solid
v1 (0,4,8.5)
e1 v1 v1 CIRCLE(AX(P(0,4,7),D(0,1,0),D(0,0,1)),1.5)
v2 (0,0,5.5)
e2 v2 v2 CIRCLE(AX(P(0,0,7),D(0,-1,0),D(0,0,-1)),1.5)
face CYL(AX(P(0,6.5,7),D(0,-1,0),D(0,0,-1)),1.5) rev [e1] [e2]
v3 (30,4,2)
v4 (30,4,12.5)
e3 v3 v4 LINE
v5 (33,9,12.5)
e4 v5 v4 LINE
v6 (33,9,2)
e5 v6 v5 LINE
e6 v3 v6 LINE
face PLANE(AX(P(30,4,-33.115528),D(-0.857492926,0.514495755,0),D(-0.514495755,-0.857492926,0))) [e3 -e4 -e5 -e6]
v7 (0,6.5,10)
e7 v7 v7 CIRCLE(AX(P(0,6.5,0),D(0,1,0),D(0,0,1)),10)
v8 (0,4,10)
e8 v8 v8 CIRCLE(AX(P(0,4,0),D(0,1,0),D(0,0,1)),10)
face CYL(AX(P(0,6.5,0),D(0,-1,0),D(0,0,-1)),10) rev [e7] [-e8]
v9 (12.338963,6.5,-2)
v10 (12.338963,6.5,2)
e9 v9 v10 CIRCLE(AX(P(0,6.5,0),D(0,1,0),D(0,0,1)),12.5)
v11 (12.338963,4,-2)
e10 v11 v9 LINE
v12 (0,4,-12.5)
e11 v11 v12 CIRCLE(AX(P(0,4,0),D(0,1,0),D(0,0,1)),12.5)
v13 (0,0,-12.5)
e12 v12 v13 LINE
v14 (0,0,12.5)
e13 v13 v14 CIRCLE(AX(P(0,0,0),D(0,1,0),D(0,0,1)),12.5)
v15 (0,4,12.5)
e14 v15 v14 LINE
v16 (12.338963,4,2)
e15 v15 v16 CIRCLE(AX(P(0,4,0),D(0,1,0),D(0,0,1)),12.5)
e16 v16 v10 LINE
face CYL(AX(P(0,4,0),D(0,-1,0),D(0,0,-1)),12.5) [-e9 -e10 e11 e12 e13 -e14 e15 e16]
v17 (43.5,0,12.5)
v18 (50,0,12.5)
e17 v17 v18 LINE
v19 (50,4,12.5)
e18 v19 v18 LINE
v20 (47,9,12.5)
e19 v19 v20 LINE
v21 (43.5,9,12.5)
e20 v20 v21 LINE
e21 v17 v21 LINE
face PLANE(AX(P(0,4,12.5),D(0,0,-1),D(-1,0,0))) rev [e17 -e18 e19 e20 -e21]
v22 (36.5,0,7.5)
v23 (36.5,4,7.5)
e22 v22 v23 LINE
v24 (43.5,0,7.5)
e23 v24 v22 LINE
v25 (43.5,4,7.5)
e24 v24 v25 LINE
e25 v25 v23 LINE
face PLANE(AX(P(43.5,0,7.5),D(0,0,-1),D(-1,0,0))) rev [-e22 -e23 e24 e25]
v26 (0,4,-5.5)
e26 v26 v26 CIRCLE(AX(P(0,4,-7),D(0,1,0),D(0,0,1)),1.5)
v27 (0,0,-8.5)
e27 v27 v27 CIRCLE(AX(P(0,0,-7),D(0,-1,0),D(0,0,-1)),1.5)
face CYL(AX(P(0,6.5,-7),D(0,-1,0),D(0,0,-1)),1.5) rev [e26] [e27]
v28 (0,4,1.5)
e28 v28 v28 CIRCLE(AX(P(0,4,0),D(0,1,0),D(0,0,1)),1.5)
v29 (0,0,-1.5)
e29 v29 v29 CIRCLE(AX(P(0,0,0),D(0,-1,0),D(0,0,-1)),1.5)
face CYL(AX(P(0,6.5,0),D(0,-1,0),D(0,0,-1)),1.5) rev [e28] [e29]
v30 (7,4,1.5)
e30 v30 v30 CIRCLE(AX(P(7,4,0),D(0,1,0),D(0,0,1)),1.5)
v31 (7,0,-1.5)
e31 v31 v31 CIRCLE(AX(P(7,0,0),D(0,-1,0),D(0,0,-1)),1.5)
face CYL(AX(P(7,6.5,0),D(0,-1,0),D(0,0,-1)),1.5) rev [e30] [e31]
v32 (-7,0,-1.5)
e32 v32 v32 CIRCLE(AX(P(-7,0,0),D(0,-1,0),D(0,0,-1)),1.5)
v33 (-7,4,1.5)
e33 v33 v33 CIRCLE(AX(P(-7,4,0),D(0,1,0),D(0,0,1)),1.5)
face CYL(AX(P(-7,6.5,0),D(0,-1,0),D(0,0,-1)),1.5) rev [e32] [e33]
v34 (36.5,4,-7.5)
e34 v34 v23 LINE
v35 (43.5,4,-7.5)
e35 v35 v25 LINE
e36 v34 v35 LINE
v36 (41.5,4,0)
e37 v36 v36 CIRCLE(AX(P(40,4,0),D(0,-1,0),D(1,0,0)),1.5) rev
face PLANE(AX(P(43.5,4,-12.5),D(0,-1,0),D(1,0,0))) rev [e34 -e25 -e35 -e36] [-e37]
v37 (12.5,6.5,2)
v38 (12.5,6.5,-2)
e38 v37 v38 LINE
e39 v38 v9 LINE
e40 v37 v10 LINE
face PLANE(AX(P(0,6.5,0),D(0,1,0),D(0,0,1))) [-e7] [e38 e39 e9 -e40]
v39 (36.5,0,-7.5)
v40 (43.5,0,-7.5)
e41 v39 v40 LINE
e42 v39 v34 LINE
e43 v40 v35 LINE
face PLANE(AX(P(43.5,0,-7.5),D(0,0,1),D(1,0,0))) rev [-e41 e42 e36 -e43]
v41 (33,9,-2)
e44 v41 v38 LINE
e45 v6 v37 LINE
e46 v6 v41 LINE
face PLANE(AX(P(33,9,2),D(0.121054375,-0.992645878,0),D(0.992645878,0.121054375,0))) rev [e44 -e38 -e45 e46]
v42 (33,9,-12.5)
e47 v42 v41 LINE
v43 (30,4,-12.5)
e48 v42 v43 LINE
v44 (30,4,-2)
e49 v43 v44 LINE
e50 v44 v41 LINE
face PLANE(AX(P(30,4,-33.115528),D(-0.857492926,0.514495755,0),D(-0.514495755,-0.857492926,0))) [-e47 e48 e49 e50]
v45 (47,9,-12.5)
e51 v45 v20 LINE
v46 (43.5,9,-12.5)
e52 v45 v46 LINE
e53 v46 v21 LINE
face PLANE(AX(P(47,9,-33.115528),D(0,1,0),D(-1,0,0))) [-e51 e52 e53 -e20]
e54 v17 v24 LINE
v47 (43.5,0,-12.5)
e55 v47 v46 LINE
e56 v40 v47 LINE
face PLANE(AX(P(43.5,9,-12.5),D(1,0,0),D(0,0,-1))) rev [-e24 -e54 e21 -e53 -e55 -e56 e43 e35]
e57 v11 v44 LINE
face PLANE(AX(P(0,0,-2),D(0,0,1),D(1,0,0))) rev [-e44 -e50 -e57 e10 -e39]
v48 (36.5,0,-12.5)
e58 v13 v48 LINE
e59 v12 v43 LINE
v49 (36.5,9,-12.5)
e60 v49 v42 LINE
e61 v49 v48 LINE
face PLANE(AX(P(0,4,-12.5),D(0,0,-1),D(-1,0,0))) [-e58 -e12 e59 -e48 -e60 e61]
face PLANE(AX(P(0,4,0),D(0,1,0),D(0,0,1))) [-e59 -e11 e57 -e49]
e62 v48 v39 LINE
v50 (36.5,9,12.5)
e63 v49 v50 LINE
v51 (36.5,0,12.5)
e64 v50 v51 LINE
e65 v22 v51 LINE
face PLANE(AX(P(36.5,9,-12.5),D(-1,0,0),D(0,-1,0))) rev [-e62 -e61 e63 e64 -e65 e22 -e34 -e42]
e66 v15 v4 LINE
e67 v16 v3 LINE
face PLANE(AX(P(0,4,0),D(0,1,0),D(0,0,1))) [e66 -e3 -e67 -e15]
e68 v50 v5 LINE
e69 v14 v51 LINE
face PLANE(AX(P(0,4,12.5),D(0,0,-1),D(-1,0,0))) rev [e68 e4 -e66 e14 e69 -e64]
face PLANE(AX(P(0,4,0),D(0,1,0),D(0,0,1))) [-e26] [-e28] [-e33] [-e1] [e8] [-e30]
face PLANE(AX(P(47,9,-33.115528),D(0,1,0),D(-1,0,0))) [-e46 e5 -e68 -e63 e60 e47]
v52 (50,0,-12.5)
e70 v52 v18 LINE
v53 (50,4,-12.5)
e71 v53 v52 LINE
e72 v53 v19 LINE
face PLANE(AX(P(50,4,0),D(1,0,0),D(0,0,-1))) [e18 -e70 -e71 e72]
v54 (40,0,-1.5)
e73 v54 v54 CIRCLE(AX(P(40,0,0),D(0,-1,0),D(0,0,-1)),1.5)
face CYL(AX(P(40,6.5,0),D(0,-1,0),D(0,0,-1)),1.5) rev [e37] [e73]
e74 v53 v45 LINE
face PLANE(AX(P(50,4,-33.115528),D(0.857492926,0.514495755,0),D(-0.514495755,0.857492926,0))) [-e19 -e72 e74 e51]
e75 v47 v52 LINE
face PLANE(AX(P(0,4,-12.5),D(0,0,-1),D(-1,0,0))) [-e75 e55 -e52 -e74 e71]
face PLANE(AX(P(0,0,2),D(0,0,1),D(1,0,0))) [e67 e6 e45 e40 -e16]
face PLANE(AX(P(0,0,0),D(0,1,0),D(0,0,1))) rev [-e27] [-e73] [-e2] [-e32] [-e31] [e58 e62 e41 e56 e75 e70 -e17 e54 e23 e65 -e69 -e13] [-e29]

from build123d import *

# Parameters (mm, degrees)
SKETCH_1_R          = 12.5
EXTRUDE_1_DEPTH     = 4
SKETCH_2_R          = 12.5
SKETCH_2_R_2        = 10
EXTRUDE_2_DEPTH     = 2.5
SKETCH_3_R          = 1.5
CUT_EXTRUDE_1_DEPTH = 52.947088465
EXTRUDE_3_DEPTH     = 25
SKETCH_5_W          = 7
SKETCH_5_H          = 5
CUT_EXTRUDE_2_DEPTH = 57.621550668
SKETCH_6_W          = 7
SKETCH_6_H          = 5
CUT_EXTRUDE_3_DEPTH = 52.780787943
EXTRUDE_6_DEPTH     = 2


with BuildPart() as part:
    # 草图1 → 凸台-拉伸1 (new body)
    with BuildSketch(Plane(origin=(0, 0, 0), x_dir=(1, 0, 0), z_dir=(0, 1, 0))):
        Circle(SKETCH_1_R)
        with BuildLine():
            Line((50, 12.5), (0, 12.5))
            ThreePointArc((0, 12.5), (8.838834765, 8.838834765), (12.5, 0))
            ThreePointArc((12.5, 0), (8.838834765, -8.838834765), (0, -12.5))
            Line((0, -12.5), (50, -12.5))
            Line((50, -12.5), (50, 12.5))
        make_face()
    extrude(amount=EXTRUDE_1_DEPTH)

    # 草图2 → 凸台-拉伸2 (add)
    with BuildSketch(Plane(origin=(0, 4, 0), x_dir=(1, 0, 0), z_dir=(0, 1, 0))):
        with Locations(Location((0, 0, 0), (0, 0, 270))):
            Circle(SKETCH_2_R)
        with Locations(Location((0, 0, 0), (0, 0, 270))):
            Circle(SKETCH_2_R_2, mode=Mode.SUBTRACT)
    extrude(amount=EXTRUDE_2_DEPTH)

    # 草图3 → 切除-拉伸1 (cut, through all)
    with BuildSketch(Plane.XZ):
        with Locations(Location((0, 0, 0), (0, 0, 270))):
            Circle(SKETCH_3_R)
        with Locations(Location((0, 7, 0), (0, 0, 270))):
            Circle(SKETCH_3_R)
        with Locations(Location((7, 0, 0), (0, 0, 270))):
            Circle(SKETCH_3_R)
        with Locations(Location((0, -7, 0), (0, 0, 270))):
            Circle(SKETCH_3_R)
        with Locations(Location((-7, 0, 0), (0, 0, 270))):
            Circle(SKETCH_3_R)
        with Locations(Location((40, 0, 0), (0, 0, 270))):
            Circle(SKETCH_3_R)
    extrude(amount=-CUT_EXTRUDE_1_DEPTH, mode=Mode.SUBTRACT)

    # 草图4 → 凸台-拉伸3 (add)
    with BuildSketch(Plane.XY.offset(12.5)):
        Polygon((50, 4), (47, 9), (33, 9), (30, 4), align=None)
    extrude(amount=-EXTRUDE_3_DEPTH)

    # 草图5 → 切除-拉伸2 (cut, through all)
    with BuildSketch(Plane.XY.offset(12.5)):
        with Locations((40, 6.5)):
            Rectangle(SKETCH_5_W, SKETCH_5_H)
    extrude(amount=-CUT_EXTRUDE_2_DEPTH, mode=Mode.SUBTRACT)

    # 草图6 → 切除-拉伸3 (cut, through all)
    with BuildSketch(Plane(origin=(0, 4, 0), x_dir=(1, 0, 0), z_dir=(0, 1, 0))):
        with Locations((40, -10)):
            Rectangle(SKETCH_6_W, SKETCH_6_H)
        with Locations((40, 10)):
            Rectangle(SKETCH_6_W, SKETCH_6_H)
    extrude(amount=-CUT_EXTRUDE_3_DEPTH, mode=Mode.SUBTRACT)

    # 草图7 → 凸台-拉伸6 (add, symmetric)
    with BuildSketch(Plane.XY):
        Polygon((30, 4), (33, 9), (12.5, 6.5), (10.351420614, 6.5), (10.351420614, 4), align=None)
    extrude(amount=EXTRUDE_6_DEPTH, both=True)


solid = part.part
